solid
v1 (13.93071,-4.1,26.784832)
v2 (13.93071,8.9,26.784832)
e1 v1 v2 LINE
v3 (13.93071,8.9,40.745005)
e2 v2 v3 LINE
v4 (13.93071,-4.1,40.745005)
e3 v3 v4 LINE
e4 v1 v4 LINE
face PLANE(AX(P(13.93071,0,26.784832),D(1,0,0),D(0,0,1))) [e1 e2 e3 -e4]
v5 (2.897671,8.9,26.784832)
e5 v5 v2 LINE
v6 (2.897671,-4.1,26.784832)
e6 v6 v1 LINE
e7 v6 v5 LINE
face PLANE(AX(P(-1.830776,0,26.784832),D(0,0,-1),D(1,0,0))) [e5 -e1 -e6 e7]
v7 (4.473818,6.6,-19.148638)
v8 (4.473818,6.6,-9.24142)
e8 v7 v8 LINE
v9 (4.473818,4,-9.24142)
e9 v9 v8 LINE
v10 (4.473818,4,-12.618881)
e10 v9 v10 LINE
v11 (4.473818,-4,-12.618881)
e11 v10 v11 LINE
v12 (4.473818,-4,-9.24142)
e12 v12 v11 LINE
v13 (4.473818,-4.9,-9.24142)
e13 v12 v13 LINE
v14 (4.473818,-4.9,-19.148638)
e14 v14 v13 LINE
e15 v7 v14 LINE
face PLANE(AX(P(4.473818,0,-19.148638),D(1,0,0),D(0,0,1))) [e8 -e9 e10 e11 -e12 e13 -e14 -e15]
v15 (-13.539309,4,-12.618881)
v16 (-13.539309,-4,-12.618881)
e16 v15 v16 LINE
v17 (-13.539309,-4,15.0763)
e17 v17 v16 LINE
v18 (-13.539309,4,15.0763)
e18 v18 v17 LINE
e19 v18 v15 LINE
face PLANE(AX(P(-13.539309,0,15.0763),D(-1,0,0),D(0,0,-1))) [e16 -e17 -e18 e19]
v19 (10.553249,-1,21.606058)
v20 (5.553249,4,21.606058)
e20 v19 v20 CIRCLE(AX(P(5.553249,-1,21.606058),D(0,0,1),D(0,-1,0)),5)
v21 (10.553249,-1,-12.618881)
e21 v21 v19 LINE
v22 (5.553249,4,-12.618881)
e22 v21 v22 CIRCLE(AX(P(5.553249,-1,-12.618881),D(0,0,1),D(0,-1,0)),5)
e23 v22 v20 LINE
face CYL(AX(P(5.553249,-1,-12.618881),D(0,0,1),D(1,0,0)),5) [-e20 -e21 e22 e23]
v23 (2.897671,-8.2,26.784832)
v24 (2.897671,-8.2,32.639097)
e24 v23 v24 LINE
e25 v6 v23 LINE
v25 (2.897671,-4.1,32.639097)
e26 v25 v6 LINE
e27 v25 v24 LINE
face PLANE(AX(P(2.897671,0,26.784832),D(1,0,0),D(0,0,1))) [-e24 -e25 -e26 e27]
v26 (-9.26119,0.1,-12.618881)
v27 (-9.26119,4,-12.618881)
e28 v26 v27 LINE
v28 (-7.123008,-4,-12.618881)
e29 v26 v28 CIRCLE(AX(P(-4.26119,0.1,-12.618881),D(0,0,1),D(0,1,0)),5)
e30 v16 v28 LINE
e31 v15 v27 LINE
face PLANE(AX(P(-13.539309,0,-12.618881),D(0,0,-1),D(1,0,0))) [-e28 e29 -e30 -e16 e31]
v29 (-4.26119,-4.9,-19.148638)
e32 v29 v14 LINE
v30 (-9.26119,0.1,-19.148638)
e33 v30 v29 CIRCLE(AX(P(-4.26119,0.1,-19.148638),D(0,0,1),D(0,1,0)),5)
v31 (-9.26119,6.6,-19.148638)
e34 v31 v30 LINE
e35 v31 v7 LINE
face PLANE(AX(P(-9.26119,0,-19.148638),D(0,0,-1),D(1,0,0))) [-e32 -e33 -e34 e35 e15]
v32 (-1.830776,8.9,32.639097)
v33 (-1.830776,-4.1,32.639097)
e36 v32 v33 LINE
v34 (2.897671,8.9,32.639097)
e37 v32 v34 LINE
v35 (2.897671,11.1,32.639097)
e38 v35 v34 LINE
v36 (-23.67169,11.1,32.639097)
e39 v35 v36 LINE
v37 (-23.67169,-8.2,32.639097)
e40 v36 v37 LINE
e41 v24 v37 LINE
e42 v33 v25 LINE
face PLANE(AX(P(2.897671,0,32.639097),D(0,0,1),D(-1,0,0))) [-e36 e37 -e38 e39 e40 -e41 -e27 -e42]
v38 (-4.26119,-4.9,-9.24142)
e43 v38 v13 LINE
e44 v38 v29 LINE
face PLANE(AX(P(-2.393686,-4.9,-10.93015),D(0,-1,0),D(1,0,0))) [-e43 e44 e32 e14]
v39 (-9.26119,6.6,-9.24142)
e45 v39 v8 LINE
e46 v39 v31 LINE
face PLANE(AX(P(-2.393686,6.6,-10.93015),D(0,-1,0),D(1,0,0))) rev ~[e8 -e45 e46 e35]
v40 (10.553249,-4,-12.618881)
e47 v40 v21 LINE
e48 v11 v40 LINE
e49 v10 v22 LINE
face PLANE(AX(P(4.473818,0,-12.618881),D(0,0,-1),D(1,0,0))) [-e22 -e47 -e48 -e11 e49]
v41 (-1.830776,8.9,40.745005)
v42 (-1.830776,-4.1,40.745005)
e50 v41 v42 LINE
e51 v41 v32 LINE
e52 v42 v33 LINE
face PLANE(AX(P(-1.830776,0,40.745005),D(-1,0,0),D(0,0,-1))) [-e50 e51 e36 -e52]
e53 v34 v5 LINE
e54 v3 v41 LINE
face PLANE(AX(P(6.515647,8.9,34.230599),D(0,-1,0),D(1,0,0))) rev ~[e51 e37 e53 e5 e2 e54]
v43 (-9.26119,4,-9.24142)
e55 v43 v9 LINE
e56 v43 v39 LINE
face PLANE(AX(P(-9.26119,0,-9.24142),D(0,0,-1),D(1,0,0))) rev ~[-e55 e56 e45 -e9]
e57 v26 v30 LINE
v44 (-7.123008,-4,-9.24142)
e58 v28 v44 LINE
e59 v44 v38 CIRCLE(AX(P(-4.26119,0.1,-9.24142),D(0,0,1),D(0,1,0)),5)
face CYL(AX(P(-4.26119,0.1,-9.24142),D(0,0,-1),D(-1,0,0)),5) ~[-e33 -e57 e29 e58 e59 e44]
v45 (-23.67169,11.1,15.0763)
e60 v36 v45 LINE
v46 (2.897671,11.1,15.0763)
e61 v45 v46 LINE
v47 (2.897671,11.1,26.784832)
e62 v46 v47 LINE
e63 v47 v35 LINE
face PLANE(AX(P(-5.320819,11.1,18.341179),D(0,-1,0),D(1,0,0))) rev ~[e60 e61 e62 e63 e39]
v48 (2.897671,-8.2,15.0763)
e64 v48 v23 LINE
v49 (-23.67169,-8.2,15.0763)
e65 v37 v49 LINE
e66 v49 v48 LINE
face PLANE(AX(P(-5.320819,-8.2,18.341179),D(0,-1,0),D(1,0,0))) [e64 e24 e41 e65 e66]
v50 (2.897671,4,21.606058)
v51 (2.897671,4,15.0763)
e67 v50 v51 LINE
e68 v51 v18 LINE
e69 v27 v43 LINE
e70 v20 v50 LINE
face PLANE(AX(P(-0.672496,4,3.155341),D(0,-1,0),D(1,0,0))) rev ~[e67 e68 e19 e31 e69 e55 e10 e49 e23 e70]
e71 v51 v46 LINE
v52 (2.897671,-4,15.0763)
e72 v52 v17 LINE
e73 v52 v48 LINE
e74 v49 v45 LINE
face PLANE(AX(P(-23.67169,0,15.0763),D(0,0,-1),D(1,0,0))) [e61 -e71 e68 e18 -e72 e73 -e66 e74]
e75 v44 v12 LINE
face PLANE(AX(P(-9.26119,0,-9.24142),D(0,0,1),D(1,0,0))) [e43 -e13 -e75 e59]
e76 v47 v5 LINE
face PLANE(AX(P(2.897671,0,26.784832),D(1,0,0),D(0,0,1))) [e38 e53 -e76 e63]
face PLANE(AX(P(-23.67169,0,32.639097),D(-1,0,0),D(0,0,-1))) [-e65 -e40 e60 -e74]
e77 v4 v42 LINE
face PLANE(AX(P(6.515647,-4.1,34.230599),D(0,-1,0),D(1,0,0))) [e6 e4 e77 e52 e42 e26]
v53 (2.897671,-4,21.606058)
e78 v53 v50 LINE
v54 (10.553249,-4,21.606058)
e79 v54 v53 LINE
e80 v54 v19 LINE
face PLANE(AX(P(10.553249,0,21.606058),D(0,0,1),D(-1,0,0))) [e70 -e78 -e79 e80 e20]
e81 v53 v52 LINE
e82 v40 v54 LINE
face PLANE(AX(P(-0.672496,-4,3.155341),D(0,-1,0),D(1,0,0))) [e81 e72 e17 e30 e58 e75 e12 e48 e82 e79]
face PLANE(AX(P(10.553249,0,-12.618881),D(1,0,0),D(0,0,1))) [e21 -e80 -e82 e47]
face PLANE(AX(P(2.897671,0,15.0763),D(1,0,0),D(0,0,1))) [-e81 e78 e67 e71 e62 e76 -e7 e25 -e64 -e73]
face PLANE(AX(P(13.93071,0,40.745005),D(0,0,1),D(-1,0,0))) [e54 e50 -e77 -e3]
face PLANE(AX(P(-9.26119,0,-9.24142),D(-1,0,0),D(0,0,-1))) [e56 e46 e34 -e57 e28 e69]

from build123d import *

# Parameters (mm, degrees)
F1_DEPTH      = 4
F1_DEPTH_BACK = 4
F0_W          = 16.4369798731
F0_H          = 6.529757753
F0_W_2        = 4.7284475295
F0_H_2        = 5.8542657644
F2_DEPTH      = 8.2
F2_DEPTH_BACK = 11.1
F3_DEPTH      = 4.1
F3_DEPTH_BACK = 8.9
F0_W_3        = 13.7350079603
F0_H_3        = 3.3774608746
F4_DEPTH      = 4.9
F4_DEPTH_BACK = 6.6
F5_R          = 5


with BuildPart() as f1:
    # F0 (on Front) → F1 (new body, two sides)
    with BuildSketch(Plane.XZ) as f1_sk:
        Polygon((10.553249158, 21.6060578823), (2.897671191, 21.6060578823), (2.897671191, 15.0763001293), (-13.5393086821, 15.0763001293), (-13.5393086821, -12.6188807189), (-9.2611899599, -12.6188807189), (-9.2611899599, -9.2414198443), (4.4738180004, -9.2414198443), (4.4738180004, -12.6188807189), (10.553249158, -12.6188807189), align=None)
    extrude(amount=F1_DEPTH)
    extrude(f1_sk.sketch, amount=-F1_DEPTH_BACK)

    # F0 (on Front) → F2 (join, two sides)
    with BuildSketch(Plane.XZ) as f2_sk:
        with Locations((-5.3208187455, 18.3411790058)):
            Rectangle(F0_W, F0_H)
        Polygon((-13.5393086821, 15.0763001293), (-13.5393086821, 21.6060578823), (2.897671191, 21.6060578823), (2.897671191, 26.784831658), (-1.8307763385, 26.784831658), (-1.8307763385, 32.6390974224), (-23.6716903746, 32.6390974224), (-23.6716903746, 15.0763001293), align=None)
        with Locations((0.5334474263, 29.7119645402)):
            Rectangle(F0_W_2, F0_H_2)
    extrude(amount=F2_DEPTH)
    extrude(f2_sk.sketch, amount=-F2_DEPTH_BACK)

    # F0 (on Front) → F3 (join, two sides)
    with BuildSketch(Plane.XZ) as f3_sk:
        Polygon((2.897671191, 32.6390974224), (2.897671191, 26.784831658), (13.9307100326, 26.784831658), (13.9307100326, 40.7450050116), (-1.8307763385, 40.7450050116), (-1.8307763385, 32.6390974224), align=None)
        with Locations((0.5334474263, 29.7119645402)):
            Rectangle(F0_W_2, F0_H_2)
    extrude(amount=F3_DEPTH)
    extrude(f3_sk.sketch, amount=-F3_DEPTH_BACK)

    # F0 (on Front) → F4 (join, two sides)
    with BuildSketch(Plane.XZ) as f4_sk:
        with Locations((-2.3936859798, -10.9301502816)):
            Rectangle(F0_W_3, F0_H_3)
        with Locations((-2.3936859798, -15.8837595955)):
            Rectangle(F0_W_3, F0_H)
    extrude(amount=F4_DEPTH)
    extrude(f4_sk.sketch, amount=-F4_DEPTH_BACK)

    # F5
    f5_edges = [f1.edges().sort_by_distance(p)[0] for p in [
        (10.553249, 4, 4.493589),
        (-9.26119, -4.9, -14.195029),
    ]]
    fillet(f5_edges, radius=F5_R)


solid = f1.part
